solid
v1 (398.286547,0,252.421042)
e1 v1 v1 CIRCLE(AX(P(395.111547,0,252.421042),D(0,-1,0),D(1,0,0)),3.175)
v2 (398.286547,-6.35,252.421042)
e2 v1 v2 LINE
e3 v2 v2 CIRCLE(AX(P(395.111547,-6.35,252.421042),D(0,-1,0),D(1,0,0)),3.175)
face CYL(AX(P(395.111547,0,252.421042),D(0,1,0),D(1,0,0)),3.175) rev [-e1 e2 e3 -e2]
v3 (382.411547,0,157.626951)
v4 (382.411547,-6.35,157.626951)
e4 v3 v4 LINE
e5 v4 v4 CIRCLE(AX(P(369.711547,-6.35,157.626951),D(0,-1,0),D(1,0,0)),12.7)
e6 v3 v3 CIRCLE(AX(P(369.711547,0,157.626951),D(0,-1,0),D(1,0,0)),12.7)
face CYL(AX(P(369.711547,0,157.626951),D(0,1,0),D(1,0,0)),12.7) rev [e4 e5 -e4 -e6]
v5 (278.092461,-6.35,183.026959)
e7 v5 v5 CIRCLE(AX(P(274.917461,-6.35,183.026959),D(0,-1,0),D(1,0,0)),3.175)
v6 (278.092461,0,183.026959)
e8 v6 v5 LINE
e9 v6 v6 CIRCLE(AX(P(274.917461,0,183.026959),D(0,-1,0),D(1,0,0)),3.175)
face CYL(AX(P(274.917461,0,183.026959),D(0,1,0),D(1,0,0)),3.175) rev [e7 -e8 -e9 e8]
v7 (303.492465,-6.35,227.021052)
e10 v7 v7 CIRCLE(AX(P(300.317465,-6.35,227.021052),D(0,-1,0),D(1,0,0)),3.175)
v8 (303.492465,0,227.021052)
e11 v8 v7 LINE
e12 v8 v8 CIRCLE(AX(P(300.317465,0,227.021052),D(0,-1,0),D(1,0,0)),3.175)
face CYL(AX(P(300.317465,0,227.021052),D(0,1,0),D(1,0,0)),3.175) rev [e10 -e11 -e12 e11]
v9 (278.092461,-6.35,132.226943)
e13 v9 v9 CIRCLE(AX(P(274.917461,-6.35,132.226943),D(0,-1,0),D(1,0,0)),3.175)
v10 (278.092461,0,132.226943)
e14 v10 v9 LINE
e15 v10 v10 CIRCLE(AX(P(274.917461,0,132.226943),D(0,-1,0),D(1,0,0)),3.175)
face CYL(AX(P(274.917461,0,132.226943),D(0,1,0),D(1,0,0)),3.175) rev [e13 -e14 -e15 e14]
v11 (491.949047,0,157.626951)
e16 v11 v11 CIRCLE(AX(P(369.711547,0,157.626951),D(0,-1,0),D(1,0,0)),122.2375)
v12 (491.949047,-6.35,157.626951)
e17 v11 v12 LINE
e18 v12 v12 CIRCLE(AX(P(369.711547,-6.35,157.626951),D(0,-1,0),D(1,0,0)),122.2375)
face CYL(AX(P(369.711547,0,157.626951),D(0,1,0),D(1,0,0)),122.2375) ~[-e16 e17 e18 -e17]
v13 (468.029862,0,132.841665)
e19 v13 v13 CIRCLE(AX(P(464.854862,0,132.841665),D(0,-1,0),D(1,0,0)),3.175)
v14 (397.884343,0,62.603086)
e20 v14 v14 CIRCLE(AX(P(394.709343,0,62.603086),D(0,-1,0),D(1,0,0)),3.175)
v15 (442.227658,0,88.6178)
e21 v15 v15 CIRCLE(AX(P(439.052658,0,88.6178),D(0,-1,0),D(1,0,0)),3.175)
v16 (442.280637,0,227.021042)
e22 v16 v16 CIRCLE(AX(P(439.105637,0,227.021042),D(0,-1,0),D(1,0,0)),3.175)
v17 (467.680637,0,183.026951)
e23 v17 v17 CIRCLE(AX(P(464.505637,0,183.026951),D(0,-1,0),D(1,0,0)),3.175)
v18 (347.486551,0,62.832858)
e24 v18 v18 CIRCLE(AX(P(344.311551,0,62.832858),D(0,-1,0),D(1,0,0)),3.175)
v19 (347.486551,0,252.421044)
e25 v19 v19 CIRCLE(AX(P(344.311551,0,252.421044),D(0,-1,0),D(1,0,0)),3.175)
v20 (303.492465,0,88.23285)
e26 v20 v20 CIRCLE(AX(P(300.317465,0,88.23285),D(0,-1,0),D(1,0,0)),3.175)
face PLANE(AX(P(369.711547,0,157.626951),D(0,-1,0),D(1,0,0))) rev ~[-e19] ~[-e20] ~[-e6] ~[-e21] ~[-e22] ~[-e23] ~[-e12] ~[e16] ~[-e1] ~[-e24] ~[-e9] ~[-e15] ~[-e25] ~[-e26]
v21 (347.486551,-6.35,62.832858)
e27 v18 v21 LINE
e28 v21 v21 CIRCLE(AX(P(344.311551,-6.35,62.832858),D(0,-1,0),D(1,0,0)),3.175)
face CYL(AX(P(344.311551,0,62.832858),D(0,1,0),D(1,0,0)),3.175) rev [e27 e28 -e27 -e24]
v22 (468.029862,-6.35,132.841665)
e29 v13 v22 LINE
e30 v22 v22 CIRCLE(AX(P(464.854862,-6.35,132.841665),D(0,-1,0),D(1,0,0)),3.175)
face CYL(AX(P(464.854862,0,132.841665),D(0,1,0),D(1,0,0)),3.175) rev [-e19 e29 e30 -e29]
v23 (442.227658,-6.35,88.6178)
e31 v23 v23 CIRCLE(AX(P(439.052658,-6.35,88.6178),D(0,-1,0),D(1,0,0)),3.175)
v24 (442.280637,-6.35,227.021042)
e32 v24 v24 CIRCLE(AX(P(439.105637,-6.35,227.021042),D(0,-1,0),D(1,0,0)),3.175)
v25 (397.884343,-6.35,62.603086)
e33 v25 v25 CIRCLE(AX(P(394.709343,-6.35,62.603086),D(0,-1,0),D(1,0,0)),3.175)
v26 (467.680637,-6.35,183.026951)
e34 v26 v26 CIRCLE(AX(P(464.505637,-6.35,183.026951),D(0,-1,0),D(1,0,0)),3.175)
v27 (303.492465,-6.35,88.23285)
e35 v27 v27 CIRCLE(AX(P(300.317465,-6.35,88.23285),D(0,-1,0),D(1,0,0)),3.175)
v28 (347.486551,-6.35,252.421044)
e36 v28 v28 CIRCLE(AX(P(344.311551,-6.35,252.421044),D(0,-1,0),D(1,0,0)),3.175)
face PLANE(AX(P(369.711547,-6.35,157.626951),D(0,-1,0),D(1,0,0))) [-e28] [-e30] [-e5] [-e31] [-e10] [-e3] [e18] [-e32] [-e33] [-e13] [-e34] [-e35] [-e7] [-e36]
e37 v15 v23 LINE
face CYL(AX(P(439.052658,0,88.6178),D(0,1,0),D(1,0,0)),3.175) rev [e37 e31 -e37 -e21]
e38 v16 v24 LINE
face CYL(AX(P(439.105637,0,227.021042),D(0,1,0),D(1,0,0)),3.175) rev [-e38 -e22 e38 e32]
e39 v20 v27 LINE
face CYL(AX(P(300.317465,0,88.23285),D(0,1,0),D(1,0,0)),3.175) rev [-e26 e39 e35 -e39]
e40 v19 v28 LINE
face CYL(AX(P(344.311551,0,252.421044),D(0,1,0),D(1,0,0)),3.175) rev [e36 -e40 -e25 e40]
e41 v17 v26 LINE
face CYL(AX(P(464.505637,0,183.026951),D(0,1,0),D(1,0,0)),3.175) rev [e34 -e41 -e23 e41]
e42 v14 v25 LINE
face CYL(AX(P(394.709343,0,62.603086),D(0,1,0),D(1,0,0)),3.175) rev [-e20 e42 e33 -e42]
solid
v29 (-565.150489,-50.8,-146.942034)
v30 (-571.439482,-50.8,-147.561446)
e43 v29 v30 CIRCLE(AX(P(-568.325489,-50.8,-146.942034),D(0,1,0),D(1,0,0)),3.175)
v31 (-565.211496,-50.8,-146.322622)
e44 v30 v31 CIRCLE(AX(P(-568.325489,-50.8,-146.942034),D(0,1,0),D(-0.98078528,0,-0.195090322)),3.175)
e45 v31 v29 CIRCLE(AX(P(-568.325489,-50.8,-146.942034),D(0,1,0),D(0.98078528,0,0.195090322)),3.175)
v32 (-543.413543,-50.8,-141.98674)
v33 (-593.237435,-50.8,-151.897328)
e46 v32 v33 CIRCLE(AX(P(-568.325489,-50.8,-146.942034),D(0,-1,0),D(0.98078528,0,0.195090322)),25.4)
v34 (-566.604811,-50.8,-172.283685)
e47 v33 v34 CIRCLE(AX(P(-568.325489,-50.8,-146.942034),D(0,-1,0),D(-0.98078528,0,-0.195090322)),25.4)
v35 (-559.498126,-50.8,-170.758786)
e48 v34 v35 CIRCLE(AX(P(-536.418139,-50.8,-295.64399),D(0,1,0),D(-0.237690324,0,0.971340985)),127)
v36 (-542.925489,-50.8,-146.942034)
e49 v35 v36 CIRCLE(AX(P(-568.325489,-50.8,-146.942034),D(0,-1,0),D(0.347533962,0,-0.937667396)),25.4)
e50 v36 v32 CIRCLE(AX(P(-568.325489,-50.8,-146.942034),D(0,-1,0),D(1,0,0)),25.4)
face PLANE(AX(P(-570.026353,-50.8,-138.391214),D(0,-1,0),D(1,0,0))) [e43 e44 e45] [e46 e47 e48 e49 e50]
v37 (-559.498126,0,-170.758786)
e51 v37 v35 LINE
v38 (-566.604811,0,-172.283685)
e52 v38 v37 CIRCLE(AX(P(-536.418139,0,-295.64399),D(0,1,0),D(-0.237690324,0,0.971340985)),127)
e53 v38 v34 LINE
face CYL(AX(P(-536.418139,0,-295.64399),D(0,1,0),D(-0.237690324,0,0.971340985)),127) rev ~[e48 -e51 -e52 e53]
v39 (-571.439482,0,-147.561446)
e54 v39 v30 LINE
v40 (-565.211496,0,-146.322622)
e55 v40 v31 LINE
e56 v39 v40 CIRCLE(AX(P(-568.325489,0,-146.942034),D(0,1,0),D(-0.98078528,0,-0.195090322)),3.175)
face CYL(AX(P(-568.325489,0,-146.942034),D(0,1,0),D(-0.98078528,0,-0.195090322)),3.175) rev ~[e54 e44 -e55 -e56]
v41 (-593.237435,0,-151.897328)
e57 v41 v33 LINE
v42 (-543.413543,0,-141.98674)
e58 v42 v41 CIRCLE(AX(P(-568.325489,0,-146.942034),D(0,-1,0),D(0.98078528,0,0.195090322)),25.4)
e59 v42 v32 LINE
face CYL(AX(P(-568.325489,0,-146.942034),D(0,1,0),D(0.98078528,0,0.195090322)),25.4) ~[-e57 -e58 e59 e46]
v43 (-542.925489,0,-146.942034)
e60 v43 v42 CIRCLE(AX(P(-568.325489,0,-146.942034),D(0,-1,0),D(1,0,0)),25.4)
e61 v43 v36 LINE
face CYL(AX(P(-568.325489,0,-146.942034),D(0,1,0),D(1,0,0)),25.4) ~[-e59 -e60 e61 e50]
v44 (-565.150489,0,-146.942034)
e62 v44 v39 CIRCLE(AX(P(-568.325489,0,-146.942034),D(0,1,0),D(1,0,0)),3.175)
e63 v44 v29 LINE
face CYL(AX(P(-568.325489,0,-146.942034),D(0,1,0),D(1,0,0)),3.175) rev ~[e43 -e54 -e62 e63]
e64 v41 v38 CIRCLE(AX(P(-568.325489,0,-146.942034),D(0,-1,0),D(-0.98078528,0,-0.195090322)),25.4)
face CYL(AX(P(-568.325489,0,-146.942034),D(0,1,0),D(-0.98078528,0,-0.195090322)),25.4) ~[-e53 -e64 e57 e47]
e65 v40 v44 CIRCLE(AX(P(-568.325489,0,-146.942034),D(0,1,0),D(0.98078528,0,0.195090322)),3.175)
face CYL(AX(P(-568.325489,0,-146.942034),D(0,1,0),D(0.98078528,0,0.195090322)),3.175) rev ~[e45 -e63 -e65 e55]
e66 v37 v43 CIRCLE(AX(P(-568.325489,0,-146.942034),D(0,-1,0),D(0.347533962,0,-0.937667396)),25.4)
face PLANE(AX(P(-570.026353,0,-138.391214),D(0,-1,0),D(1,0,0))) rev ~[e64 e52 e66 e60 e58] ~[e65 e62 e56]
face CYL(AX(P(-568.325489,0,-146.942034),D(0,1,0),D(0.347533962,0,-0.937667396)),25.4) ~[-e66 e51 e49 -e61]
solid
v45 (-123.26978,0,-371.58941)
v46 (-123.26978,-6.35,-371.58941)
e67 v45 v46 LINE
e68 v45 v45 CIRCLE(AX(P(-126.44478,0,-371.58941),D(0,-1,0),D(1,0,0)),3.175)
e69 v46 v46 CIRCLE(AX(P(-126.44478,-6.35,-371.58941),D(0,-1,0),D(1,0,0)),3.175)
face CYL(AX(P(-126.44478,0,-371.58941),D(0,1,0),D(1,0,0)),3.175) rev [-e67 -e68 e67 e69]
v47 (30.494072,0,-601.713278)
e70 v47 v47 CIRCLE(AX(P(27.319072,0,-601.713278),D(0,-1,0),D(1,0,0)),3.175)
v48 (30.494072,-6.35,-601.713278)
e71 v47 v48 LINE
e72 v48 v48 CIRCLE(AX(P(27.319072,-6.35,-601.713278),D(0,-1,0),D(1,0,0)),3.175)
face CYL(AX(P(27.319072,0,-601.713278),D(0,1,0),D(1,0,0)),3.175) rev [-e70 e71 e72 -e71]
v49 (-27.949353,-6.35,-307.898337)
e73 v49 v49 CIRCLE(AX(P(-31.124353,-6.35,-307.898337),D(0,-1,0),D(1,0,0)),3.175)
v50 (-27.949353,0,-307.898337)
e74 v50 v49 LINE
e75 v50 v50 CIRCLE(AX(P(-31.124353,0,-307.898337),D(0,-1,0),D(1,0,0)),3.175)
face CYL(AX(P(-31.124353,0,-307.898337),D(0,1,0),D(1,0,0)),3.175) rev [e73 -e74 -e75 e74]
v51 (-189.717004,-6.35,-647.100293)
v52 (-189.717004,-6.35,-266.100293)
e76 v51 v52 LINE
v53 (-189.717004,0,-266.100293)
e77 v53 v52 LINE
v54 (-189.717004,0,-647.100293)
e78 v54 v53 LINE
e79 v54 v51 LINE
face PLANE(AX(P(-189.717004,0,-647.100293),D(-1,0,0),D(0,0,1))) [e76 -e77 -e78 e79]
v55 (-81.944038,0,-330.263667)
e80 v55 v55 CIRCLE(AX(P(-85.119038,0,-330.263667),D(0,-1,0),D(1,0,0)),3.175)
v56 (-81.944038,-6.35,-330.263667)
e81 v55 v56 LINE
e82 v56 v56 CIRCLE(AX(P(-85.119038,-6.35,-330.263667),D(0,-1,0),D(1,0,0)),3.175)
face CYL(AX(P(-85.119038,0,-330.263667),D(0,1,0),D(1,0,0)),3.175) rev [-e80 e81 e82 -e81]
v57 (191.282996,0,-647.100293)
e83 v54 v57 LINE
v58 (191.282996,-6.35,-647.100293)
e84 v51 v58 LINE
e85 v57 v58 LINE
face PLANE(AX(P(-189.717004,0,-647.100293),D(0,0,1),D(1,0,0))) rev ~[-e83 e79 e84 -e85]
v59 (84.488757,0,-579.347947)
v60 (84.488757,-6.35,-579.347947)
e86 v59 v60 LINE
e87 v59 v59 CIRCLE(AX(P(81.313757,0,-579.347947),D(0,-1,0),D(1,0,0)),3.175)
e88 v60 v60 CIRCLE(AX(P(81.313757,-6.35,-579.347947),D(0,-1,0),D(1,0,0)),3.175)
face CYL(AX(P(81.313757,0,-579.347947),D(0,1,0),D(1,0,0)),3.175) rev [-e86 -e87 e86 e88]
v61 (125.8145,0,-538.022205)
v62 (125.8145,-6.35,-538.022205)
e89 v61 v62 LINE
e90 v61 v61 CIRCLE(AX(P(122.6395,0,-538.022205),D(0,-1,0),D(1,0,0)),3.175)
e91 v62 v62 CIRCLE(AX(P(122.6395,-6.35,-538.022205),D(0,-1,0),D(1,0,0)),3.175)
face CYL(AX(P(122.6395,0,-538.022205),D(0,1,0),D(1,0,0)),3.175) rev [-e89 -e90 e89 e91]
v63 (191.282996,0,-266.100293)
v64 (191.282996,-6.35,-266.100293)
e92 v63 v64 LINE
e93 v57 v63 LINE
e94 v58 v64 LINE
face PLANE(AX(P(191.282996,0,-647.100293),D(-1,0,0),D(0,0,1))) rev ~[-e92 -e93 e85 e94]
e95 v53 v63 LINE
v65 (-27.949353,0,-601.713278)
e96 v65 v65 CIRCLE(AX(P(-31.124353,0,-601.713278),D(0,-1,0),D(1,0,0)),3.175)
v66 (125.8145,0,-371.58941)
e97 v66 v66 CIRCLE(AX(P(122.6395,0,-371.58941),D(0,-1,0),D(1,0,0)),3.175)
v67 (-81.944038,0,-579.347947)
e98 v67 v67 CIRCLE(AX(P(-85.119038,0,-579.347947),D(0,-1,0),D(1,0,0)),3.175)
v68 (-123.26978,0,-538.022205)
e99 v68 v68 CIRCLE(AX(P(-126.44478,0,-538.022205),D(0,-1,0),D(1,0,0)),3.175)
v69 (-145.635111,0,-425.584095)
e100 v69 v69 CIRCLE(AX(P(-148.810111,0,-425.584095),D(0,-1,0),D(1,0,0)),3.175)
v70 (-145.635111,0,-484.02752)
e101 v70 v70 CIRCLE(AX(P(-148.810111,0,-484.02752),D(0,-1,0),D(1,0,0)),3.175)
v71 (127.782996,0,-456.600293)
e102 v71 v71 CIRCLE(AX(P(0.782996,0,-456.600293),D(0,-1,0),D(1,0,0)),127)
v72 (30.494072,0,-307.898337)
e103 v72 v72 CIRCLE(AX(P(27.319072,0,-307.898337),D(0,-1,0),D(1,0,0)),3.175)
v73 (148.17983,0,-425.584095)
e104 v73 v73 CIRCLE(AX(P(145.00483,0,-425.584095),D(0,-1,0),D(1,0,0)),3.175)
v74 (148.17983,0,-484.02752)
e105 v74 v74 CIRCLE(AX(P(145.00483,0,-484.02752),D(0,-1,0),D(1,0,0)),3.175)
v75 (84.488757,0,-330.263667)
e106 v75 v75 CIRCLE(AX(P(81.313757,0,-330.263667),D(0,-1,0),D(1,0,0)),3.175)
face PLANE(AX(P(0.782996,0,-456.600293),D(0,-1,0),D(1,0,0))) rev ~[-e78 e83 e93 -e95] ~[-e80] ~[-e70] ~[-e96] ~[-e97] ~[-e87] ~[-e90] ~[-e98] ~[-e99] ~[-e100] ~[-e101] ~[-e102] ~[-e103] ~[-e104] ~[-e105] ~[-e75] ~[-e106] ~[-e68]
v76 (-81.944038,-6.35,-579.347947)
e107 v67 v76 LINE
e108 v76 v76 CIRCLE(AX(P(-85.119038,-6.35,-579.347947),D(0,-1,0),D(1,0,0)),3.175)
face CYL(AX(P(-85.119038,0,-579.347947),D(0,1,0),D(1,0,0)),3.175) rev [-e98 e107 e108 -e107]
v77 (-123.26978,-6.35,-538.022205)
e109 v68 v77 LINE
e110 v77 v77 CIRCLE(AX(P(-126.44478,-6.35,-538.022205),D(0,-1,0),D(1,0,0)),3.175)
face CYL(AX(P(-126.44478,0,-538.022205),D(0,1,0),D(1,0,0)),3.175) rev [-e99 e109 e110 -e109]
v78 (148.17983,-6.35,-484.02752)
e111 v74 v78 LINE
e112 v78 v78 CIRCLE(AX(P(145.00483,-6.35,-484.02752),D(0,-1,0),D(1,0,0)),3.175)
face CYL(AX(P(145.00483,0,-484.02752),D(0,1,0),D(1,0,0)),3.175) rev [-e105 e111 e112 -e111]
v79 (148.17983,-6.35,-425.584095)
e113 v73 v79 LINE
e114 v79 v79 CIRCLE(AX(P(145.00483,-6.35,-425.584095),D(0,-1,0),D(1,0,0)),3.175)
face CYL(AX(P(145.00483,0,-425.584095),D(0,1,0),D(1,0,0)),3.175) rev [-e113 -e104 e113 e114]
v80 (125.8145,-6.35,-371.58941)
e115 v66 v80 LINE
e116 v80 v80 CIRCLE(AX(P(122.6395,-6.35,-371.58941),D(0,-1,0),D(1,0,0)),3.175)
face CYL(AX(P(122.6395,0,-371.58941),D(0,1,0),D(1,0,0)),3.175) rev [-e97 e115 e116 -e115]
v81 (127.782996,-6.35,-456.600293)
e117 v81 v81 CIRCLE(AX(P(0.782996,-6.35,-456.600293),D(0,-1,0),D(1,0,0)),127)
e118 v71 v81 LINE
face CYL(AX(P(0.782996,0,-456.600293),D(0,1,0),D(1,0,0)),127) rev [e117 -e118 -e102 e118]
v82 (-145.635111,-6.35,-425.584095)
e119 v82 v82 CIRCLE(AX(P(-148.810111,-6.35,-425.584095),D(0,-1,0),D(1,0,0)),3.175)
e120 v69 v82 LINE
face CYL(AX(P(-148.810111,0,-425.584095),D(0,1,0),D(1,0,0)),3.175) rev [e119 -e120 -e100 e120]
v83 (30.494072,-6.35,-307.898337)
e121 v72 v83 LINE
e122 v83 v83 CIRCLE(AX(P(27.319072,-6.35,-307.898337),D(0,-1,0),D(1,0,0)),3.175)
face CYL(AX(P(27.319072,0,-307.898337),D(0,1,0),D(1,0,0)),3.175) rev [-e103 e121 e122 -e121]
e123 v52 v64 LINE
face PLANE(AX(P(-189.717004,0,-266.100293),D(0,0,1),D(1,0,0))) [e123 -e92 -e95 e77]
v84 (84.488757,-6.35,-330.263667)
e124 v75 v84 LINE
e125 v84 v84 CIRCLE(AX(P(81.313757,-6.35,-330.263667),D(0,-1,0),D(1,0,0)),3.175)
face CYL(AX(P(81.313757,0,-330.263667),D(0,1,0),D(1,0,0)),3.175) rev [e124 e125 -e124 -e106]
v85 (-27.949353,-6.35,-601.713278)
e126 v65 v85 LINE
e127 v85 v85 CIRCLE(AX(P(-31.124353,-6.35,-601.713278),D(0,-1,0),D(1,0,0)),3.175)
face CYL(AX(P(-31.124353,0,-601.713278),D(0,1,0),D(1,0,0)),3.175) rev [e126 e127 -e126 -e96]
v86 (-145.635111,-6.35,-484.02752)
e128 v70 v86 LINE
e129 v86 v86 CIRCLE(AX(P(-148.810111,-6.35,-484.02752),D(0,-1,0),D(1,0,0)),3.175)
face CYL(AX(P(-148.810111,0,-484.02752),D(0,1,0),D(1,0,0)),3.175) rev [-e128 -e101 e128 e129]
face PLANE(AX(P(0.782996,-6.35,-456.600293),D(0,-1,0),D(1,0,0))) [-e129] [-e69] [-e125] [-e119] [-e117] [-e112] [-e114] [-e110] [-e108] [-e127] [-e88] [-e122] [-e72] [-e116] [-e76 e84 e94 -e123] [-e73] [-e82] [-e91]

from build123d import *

# Parameters (mm, degrees)
F0_W     = 381
F0_H     = 381
F0_R     = 3.175
F0_R_2   = 127
F1_DEPTH = 6.35
F0_R_3   = 122.2375
F0_R_4   = 12.7
F2_DEPTH = 6.35
F3_DEPTH = 50.8


with BuildPart() as f1:
    # F0 (on Front) → F1 (new body)
    with BuildSketch(Plane.XZ):
        with Locations((0.7829964073, -456.6002925593)):
            Rectangle(F0_W, F0_H)
        with Locations((-126.444780497, -538.0222049332)):
            Circle(F0_R, mode=Mode.SUBTRACT)
        with Locations((-148.8101112058, -484.027520209)):
            Circle(F0_R, mode=Mode.SUBTRACT)
        with Locations((-148.8101112058, -425.5840946062)):
            Circle(F0_R, mode=Mode.SUBTRACT)
        with Locations((-126.444780497, -371.5894098819)):
            Circle(F0_R, mode=Mode.SUBTRACT)
        with Locations((-31.1243532132, -601.7132782016)):
            Circle(F0_R, mode=Mode.SUBTRACT)
        with Locations((27.3190723895, -601.7132782016)):
            Circle(F0_R, mode=Mode.SUBTRACT)
        with Locations((-85.1190379375, -579.3479474927)):
            Circle(F0_R, mode=Mode.SUBTRACT)
        with Locations((81.3137571138, -579.3479474927)):
            Circle(F0_R, mode=Mode.SUBTRACT)
        with Locations((122.6394996733, -538.0222049332)):
            Circle(F0_R, mode=Mode.SUBTRACT)
        with Locations((0.7829964073, -456.6002925593)):
            Circle(F0_R_2, mode=Mode.SUBTRACT)
        with Locations((145.0048303821, -484.027520209)):
            Circle(F0_R, mode=Mode.SUBTRACT)
        with Locations((145.0048303821, -425.5840946062)):
            Circle(F0_R, mode=Mode.SUBTRACT)
        with Locations((-85.1190379375, -330.2636673224)):
            Circle(F0_R, mode=Mode.SUBTRACT)
        with Locations((-31.1243532132, -307.8983366136)):
            Circle(F0_R, mode=Mode.SUBTRACT)
        with Locations((27.3190723895, -307.8983366136)):
            Circle(F0_R, mode=Mode.SUBTRACT)
        with Locations((122.6394996733, -371.5894098819)):
            Circle(F0_R, mode=Mode.SUBTRACT)
        with Locations((81.3137571138, -330.2636673224)):
            Circle(F0_R, mode=Mode.SUBTRACT)
    extrude(amount=F1_DEPTH)


with BuildPart() as f2:
    # F0 (on Front) → F2 (new body)
    with BuildSketch(Plane.XZ):
        with Locations((369.7115465092, 157.6269509957)):
            Circle(F0_R_3)
        with Locations((300.3174648495, 88.2328498944)):
            Circle(F0_R, mode=Mode.SUBTRACT)
        with Locations((274.917460741, 132.2269427787)):
            Circle(F0_R, mode=Mode.SUBTRACT)
        with Locations((344.3115506177, 62.8328581114)):
            Circle(F0_R, mode=Mode.SUBTRACT)
        with Locations((394.7093425007, 62.6030864476)):
            Circle(F0_R, mode=Mode.SUBTRACT)
        with Locations((439.0526575442, 88.6178002691)):
            Circle(F0_R, mode=Mode.SUBTRACT)
        with Locations((369.7115465092, 157.6269509957)):
            Circle(F0_R_4, mode=Mode.SUBTRACT)
        with Locations((464.8548615527, 132.8416648172)):
            Circle(F0_R, mode=Mode.SUBTRACT)
        with Locations((274.917460741, 183.0269592126)):
            Circle(F0_R, mode=Mode.SUBTRACT)
        with Locations((300.3174648495, 227.0210520969)):
            Circle(F0_R, mode=Mode.SUBTRACT)
        with Locations((464.5056370214, 183.0269509957)):
            Circle(F0_R, mode=Mode.SUBTRACT)
        with Locations((344.3115506177, 252.42104388)):
            Circle(F0_R, mode=Mode.SUBTRACT)
        with Locations((395.1115465092, 252.4210415079)):
            Circle(F0_R, mode=Mode.SUBTRACT)
        with Locations((439.1056370214, 227.0210415079)):
            Circle(F0_R, mode=Mode.SUBTRACT)
    extrude(amount=F2_DEPTH)


with BuildPart() as f3:
    # F0 (on Front) → F3 (new body)
    with BuildSketch(Plane.XZ):
        with BuildLine():
            Line((-565.2114957464, -146.3226223595), (-543.4135428894, -141.9867399527))
            ThreePointArc((-543.4135428894, -141.9867399527), (-573.2807831909, -122.0300880097), (-593.2374351339, -151.8973283111))
            Line((-593.2374351339, -151.8973283111), (-571.439482277, -147.5614459043))
            ThreePointArc((-571.439482277, -147.5614459043), (-568.9449007841, -143.8280408667), (-565.2114957464, -146.3226223595))
        make_face()
        with BuildLine():
            ThreePointArc((-542.9254890117, -146.9420341319), (-543.0477969542, -144.4523987676), (-543.4135428894, -141.9867399527))
            Line((-543.4135428894, -141.9867399527), (-565.2114957464, -146.3226223595))
            ThreePointArc((-565.2114957464, -146.3226223595), (-565.1657775045, -146.6308297114), (-565.1504890117, -146.9420341319))
            ThreePointArc((-565.1504890117, -146.9420341319), (-568.0142845911, -150.1017456391), (-571.439482277, -147.5614459043))
            Line((-571.439482277, -147.5614459043), (-593.2374351339, -151.8973283111))
            ThreePointArc((-593.2374351339, -151.8973283111), (-583.7643882016, -167.1113274216), (-566.6048105607, -172.2836849398))
            ThreePointArc((-566.6048105607, -172.2836849398), (-563.0623798009, -171.4703839732), (-559.4981263788, -170.7587859875))
            ThreePointArc((-559.4981263788, -170.7587859875), (-547.4763282267, -161.4497043296), (-542.9254890117, -146.9420341319))
        make_face()
    extrude(amount=F3_DEPTH)


solid = Compound([f1.part, f2.part, f3.part])
